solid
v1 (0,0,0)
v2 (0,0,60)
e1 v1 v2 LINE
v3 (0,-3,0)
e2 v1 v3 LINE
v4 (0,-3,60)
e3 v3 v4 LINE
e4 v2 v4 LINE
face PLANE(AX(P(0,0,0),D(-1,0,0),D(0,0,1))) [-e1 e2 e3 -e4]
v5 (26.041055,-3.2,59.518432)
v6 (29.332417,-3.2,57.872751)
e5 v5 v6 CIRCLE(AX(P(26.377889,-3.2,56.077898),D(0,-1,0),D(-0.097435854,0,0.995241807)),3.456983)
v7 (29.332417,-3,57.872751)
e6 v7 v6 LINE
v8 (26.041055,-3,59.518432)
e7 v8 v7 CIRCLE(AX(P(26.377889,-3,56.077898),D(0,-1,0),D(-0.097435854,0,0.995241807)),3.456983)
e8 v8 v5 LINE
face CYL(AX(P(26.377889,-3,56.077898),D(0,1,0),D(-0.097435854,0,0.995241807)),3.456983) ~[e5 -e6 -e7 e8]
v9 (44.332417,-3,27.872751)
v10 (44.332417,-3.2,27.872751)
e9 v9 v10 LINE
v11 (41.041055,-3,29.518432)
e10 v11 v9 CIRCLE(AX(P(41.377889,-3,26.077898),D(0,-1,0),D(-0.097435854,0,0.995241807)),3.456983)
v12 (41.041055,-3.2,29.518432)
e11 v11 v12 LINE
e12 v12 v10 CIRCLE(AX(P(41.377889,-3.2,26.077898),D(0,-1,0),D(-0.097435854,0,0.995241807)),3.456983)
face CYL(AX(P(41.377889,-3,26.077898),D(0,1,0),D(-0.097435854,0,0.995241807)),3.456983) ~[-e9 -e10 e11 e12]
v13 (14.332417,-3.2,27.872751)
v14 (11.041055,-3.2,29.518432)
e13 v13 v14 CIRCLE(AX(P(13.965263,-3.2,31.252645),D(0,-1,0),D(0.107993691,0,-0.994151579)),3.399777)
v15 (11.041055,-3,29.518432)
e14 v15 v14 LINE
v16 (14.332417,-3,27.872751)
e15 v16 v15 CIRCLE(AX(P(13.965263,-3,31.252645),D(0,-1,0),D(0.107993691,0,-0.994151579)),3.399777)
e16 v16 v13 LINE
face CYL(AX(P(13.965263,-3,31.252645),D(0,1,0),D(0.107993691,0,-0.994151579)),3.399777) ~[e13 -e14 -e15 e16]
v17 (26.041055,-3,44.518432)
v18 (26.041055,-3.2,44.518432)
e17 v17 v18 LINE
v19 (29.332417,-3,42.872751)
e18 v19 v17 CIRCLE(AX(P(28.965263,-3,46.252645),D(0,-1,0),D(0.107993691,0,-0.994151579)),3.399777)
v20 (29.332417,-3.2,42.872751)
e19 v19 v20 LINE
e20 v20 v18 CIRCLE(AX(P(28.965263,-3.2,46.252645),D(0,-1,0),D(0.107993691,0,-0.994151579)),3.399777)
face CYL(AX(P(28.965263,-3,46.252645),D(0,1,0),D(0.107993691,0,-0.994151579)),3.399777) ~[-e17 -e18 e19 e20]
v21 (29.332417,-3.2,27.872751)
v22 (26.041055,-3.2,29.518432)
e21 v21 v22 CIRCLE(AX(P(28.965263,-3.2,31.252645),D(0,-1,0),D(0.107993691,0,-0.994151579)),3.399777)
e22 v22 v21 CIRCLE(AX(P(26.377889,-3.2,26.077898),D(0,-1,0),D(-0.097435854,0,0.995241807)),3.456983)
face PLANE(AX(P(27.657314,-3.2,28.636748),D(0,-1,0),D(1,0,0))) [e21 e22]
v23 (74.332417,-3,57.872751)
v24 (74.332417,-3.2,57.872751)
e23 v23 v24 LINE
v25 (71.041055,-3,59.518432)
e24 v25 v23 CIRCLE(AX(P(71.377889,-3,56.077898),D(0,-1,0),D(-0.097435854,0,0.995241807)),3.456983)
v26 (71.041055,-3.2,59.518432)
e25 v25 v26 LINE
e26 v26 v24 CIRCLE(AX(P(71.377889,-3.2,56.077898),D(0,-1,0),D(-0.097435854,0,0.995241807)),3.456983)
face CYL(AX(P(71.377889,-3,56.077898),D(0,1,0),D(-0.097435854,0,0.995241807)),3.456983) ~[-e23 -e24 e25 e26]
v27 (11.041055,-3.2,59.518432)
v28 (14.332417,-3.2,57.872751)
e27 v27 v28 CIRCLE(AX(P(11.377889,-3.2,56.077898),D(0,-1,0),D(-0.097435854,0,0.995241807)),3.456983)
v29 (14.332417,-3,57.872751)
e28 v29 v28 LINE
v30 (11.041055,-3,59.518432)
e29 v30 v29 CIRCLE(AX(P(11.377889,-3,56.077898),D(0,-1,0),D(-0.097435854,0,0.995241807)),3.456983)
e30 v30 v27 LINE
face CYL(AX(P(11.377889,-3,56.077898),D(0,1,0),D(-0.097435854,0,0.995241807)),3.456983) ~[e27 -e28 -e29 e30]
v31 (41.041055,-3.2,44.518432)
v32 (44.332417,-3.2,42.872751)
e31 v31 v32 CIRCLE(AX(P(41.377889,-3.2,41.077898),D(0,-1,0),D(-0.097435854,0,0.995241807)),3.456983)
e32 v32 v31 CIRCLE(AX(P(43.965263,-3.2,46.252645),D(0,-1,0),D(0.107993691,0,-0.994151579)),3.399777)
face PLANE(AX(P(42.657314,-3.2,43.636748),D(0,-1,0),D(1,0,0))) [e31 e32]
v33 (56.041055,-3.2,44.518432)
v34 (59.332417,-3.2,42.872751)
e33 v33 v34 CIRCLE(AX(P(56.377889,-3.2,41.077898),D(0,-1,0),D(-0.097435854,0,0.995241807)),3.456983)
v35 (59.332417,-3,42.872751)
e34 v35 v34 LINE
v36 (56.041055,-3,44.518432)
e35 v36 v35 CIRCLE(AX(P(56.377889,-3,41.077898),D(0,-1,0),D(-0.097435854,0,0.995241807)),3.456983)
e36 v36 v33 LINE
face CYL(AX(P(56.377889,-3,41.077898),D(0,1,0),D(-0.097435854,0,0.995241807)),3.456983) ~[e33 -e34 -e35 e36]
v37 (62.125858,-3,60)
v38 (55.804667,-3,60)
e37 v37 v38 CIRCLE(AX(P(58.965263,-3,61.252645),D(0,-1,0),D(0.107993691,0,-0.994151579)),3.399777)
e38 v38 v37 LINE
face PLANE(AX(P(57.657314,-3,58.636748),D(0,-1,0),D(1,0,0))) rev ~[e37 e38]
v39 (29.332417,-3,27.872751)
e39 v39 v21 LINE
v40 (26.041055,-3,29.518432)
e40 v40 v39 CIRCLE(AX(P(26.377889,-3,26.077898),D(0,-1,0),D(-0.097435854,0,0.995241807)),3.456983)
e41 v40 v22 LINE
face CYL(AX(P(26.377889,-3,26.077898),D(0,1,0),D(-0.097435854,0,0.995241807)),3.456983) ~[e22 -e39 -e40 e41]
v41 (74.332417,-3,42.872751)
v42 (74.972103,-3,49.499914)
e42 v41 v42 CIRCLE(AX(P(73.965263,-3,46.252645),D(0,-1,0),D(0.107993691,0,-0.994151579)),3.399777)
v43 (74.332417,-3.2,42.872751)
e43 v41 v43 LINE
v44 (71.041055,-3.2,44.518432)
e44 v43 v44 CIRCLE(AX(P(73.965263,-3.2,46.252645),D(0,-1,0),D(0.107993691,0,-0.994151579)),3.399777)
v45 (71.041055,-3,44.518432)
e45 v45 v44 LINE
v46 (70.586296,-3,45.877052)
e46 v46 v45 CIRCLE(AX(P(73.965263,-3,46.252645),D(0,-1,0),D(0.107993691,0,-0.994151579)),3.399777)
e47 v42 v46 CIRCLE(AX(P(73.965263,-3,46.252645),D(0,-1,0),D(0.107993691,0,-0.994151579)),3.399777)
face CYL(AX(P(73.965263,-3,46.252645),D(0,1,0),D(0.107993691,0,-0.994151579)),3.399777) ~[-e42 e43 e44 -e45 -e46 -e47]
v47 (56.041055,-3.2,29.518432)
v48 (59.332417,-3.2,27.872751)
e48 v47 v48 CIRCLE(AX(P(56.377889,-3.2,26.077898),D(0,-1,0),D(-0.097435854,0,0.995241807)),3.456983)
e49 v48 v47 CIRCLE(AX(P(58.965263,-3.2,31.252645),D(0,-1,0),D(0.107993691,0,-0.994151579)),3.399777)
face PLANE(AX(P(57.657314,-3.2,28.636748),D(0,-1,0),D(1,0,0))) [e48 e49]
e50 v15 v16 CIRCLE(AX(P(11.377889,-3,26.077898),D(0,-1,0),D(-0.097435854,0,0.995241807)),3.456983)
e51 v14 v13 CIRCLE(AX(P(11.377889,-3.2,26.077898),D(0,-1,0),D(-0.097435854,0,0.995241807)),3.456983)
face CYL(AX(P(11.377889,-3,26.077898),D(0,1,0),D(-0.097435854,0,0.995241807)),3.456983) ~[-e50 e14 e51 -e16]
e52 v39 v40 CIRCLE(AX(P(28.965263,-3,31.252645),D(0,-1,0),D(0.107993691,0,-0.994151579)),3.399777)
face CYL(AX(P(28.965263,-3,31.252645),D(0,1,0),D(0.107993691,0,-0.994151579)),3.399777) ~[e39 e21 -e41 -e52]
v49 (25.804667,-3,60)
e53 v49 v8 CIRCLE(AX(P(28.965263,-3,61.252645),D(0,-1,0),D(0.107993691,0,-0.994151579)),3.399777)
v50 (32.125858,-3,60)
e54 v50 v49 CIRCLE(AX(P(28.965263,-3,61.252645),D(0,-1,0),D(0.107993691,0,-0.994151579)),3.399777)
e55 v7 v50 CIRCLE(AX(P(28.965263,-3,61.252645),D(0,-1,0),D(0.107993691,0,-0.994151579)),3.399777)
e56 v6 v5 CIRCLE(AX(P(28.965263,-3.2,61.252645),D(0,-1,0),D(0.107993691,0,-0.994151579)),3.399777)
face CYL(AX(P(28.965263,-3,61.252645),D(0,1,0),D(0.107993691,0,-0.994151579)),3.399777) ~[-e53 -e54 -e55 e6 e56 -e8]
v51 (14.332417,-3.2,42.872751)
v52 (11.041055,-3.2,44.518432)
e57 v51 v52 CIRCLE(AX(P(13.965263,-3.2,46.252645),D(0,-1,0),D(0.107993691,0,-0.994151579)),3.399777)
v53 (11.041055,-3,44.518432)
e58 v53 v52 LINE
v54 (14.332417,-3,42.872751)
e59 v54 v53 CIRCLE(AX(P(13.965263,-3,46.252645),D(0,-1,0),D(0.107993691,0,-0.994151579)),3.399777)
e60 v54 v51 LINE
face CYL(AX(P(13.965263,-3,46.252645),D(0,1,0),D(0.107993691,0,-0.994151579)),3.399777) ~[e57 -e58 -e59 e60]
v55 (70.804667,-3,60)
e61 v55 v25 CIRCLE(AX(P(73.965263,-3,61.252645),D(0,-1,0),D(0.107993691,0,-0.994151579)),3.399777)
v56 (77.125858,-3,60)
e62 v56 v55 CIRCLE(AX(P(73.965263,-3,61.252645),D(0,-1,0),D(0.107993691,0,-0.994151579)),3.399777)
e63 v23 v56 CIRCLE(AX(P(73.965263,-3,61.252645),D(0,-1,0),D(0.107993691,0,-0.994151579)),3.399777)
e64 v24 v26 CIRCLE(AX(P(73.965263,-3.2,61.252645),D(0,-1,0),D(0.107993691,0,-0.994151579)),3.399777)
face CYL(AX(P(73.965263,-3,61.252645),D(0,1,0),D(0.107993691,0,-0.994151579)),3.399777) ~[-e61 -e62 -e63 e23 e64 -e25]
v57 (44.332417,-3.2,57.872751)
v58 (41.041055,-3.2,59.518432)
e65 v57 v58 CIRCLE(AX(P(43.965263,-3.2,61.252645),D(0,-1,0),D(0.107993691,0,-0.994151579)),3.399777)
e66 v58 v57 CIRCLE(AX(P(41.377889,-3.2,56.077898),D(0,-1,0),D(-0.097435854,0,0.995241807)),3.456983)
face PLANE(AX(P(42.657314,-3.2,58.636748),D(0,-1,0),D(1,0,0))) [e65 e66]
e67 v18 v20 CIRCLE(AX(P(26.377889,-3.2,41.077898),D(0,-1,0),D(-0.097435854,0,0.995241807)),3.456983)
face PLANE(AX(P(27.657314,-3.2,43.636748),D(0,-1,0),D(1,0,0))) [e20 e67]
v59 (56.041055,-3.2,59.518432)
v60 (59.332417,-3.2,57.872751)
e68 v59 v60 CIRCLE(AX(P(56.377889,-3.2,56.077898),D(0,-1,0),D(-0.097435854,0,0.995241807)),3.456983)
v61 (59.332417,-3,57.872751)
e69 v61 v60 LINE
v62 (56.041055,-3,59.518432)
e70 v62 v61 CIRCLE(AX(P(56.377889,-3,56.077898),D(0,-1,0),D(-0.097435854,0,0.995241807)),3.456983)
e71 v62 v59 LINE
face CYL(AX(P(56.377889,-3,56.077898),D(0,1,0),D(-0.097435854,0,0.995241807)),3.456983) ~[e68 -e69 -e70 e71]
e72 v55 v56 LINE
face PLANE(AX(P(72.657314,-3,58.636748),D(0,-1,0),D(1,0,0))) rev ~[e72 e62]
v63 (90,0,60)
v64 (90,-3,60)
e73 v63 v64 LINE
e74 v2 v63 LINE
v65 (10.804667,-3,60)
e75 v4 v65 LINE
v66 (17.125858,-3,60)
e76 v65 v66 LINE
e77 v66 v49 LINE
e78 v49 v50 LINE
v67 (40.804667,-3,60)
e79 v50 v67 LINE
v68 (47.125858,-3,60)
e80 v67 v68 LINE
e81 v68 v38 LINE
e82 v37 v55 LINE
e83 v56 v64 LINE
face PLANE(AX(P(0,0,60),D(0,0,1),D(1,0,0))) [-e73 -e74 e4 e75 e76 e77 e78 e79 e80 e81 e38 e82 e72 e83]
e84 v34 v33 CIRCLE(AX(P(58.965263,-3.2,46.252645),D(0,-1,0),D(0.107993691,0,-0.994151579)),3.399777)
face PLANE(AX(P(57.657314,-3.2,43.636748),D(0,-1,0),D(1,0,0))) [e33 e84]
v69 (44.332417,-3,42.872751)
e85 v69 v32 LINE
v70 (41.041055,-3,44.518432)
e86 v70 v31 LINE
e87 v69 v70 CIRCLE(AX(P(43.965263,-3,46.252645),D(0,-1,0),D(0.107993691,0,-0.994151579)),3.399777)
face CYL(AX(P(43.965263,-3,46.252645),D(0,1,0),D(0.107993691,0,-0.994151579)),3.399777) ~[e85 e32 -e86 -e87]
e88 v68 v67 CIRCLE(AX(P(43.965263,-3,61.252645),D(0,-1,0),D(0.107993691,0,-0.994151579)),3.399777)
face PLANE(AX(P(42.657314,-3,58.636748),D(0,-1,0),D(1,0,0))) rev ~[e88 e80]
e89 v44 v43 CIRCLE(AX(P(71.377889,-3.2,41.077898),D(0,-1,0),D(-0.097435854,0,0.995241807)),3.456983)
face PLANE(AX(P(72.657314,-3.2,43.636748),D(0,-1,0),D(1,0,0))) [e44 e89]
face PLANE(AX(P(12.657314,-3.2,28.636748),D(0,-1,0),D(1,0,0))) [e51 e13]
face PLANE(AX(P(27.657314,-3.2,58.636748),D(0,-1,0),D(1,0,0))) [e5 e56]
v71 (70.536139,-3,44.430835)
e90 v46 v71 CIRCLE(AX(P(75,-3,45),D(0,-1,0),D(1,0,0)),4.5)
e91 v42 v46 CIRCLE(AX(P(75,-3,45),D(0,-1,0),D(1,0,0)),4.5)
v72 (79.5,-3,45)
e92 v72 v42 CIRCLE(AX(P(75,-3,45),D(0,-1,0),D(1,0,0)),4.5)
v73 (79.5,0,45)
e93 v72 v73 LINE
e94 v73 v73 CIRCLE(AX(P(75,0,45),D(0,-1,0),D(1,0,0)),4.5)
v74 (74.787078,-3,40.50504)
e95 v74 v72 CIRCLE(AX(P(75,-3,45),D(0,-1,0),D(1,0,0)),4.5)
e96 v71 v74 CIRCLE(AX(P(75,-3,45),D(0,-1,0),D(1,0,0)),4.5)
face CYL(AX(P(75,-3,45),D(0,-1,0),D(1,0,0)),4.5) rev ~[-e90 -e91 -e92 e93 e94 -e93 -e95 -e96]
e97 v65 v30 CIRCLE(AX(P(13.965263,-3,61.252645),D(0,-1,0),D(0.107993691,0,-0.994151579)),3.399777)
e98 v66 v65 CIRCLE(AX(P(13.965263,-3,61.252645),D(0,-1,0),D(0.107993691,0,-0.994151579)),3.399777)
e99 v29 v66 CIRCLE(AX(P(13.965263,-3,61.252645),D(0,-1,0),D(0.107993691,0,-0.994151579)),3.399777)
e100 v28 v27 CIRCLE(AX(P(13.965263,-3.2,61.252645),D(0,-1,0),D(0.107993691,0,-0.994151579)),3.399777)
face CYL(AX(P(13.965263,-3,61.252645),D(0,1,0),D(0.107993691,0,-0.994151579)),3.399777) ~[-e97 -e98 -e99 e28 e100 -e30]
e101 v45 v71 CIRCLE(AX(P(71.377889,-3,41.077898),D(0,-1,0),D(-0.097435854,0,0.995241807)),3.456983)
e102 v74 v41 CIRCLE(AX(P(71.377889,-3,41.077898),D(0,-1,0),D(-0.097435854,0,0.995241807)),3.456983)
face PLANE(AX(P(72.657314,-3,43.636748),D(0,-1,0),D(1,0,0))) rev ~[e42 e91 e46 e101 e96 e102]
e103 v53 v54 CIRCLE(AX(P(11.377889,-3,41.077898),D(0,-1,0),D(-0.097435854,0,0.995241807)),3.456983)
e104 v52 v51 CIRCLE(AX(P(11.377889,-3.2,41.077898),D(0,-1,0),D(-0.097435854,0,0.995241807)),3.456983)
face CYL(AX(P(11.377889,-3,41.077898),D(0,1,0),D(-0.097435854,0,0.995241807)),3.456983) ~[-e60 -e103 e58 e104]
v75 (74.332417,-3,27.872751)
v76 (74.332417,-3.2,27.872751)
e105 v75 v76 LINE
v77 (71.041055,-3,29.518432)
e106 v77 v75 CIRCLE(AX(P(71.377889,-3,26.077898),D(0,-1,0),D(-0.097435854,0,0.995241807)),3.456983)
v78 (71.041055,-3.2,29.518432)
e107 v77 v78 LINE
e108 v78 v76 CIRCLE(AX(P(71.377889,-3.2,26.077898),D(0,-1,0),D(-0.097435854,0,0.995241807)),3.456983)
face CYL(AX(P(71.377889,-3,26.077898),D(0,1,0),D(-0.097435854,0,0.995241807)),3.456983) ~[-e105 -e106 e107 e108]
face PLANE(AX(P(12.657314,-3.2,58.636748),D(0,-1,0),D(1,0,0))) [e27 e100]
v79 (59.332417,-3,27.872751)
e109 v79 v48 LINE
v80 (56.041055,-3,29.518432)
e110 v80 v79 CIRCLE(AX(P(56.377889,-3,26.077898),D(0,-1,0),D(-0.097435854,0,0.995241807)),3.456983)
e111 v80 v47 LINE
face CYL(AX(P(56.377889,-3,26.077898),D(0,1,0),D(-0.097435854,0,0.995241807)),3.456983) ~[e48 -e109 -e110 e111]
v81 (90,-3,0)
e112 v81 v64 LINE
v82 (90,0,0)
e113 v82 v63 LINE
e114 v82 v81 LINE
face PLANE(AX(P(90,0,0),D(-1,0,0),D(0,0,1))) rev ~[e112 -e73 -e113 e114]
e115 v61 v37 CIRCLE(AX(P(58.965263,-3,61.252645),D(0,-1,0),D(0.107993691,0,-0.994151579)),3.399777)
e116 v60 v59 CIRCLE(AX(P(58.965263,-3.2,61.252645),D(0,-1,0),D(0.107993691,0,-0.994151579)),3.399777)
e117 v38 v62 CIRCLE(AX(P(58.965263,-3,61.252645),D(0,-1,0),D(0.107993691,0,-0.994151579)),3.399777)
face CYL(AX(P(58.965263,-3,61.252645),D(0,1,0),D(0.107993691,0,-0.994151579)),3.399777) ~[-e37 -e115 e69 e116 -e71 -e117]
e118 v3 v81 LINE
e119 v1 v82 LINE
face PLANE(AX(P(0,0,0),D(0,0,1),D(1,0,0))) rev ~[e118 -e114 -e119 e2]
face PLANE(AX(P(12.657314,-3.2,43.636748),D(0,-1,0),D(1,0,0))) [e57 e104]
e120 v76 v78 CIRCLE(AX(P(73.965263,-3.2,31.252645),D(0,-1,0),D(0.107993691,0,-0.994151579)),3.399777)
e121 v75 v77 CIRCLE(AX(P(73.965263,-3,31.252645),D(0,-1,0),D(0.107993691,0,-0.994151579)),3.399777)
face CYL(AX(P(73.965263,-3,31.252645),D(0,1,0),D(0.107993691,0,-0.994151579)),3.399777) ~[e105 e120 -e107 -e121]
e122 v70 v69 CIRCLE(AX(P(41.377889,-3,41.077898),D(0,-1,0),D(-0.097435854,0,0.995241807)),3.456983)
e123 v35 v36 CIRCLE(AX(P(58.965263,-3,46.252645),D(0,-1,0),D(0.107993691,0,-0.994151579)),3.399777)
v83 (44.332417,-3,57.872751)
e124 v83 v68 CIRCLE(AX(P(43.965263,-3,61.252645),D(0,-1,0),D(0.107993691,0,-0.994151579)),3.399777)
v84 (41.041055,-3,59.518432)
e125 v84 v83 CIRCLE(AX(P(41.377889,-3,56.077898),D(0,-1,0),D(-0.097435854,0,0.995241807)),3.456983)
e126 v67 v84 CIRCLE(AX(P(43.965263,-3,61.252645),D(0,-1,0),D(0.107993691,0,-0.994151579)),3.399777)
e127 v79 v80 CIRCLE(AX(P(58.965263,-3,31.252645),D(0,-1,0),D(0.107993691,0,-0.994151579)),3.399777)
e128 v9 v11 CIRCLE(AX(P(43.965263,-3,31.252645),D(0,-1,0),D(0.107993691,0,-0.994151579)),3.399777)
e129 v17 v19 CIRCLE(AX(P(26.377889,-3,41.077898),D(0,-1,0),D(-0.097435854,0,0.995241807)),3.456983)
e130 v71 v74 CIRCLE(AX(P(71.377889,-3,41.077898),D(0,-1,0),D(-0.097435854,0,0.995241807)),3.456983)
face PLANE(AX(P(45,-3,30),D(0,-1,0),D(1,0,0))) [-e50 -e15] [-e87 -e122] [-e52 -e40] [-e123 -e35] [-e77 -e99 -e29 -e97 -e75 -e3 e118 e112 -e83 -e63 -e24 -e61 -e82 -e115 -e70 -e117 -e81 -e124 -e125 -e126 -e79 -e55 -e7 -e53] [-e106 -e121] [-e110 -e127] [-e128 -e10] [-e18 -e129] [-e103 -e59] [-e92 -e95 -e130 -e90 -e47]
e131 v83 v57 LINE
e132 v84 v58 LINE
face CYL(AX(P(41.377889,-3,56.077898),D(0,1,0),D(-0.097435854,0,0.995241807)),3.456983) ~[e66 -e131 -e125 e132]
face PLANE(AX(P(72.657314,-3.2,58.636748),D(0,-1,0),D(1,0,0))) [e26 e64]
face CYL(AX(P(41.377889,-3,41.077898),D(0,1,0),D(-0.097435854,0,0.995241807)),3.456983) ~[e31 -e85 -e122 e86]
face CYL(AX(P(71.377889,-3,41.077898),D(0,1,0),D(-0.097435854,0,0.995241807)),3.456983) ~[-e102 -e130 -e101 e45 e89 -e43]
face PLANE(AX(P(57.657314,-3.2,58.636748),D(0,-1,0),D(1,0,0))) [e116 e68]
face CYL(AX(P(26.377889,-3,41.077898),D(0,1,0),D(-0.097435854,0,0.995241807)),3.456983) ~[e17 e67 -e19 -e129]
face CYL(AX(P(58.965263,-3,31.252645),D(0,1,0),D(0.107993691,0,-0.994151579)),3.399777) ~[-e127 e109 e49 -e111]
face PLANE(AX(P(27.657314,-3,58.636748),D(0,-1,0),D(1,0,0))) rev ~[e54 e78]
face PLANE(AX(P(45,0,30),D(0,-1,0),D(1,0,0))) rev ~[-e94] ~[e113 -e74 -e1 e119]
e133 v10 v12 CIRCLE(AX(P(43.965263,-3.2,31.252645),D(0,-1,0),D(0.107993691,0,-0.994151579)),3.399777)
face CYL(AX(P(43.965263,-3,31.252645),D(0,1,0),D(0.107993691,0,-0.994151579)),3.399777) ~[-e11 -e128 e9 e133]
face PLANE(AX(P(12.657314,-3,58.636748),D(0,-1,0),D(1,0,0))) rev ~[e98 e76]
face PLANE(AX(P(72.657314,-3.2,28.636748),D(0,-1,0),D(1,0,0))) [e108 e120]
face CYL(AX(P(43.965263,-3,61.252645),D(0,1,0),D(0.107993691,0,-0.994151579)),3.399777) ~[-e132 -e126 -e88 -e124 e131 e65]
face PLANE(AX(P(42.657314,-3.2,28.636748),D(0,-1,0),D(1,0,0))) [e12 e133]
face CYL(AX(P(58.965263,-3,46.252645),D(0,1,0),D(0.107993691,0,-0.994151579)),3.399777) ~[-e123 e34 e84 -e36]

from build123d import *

# Parameters (mm, degrees)
F0_W     = 90
F0_H     = 60
F1_DEPTH = 3
F2_R     = 4.5
F3_DEPTH = 25
F5_DEPTH = 0.2


with BuildPart() as f1:
    # F0 (on Front) → F1 (new body)
    with BuildSketch(Plane.XZ):
        with Locations((45, 30)):
            Rectangle(F0_W, F0_H)
    extrude(amount=F1_DEPTH)

    # F2 (on face) → F3 (cut)
    with BuildSketch(Plane.XZ.offset(3)):
        with Locations((75, 45)):
            Circle(F2_R)
    extrude(amount=-F3_DEPTH, mode=Mode.SUBTRACT)

    # F4 (on face) → F5 (join)
    with BuildSketch(Plane.XZ.offset(3)):
        with BuildLine():
            ThreePointArc((14.332417, 27.872751), (15.485688, 34.293498), (11.041055, 29.518432))
            ThreePointArc((11.041055, 29.518432), (9.831879, 22.985878), (14.332417, 27.872751))
        make_face()
        with BuildLine():
            ThreePointArc((11.041055, 44.518432), (9.831879, 37.985878), (14.332417, 42.872751))
            ThreePointArc((14.332417, 42.872751), (15.485688, 49.293498), (11.041055, 44.518432))
        make_face()
        with BuildLine():
            ThreePointArc((11.041055, 59.518432), (9.831879, 52.985878), (14.332417, 57.872751))
            ThreePointArc((14.332417, 57.872751), (15.485688, 64.293498), (11.041055, 59.518432))
        make_face()
        with BuildLine():
            ThreePointArc((26.041055, 29.518432), (24.831879, 22.985878), (29.332417, 27.872751))
            ThreePointArc((29.332417, 27.872751), (30.485688, 34.293498), (26.041055, 29.518432))
        make_face()
        with BuildLine():
            ThreePointArc((26.041055, 44.518432), (24.831879, 37.985878), (29.332417, 42.872751))
            ThreePointArc((29.332417, 42.872751), (30.485688, 49.293498), (26.041055, 44.518432))
        make_face()
        with BuildLine():
            ThreePointArc((26.041055, 59.518432), (24.831879, 52.985878), (29.332417, 57.872751))
            ThreePointArc((29.332417, 57.872751), (30.485688, 64.293498), (26.041055, 59.518432))
        make_face()
        with BuildLine():
            ThreePointArc((41.041055, 29.518432), (39.831879, 22.985878), (44.332417, 27.872751))
            ThreePointArc((44.332417, 27.872751), (45.485688, 34.293498), (41.041055, 29.518432))
        make_face()
        with BuildLine():
            ThreePointArc((41.041055, 44.518432), (39.831879, 37.985878), (44.332417, 42.872751))
            ThreePointArc((44.332417, 42.872751), (45.485688, 49.293498), (41.041055, 44.518432))
        make_face()
        with BuildLine():
            ThreePointArc((41.041055, 59.518432), (39.831879, 52.985878), (44.332417, 57.872751))
            ThreePointArc((44.332417, 57.872751), (45.485688, 64.293498), (41.041055, 59.518432))
        make_face()
        with BuildLine():
            ThreePointArc((56.041055, 29.518432), (54.831879, 22.985878), (59.332417, 27.872751))
            ThreePointArc((59.332417, 27.872751), (60.485688, 34.293498), (56.041055, 29.518432))
        make_face()
        with BuildLine():
            ThreePointArc((56.041055, 44.518432), (54.831879, 37.985878), (59.332417, 42.872751))
            ThreePointArc((59.332417, 42.872751), (60.485688, 49.293498), (56.041055, 44.518432))
        make_face()
        with BuildLine():
            ThreePointArc((56.041055, 59.518432), (54.831879, 52.985878), (59.332417, 57.872751))
            ThreePointArc((59.332417, 57.872751), (60.485688, 64.293498), (56.041055, 59.518432))
        make_face()
        with BuildLine():
            ThreePointArc((71.041055, 29.518432), (69.831879, 22.985878), (74.332417, 27.872751))
            ThreePointArc((74.332417, 27.872751), (75.485688, 34.293498), (71.041055, 29.518432))
        make_face()
        with BuildLine():
            ThreePointArc((71.041055, 44.518432), (69.831879, 37.985878), (74.332417, 42.872751))
            ThreePointArc((74.332417, 42.872751), (75.485688, 49.293498), (71.041055, 44.518432))
        make_face()
        with BuildLine():
            ThreePointArc((71.041055, 59.518432), (69.831879, 52.985878), (74.332417, 57.872751))
            ThreePointArc((74.332417, 57.872751), (75.485688, 64.293498), (71.041055, 59.518432))
        make_face()
    extrude(amount=F5_DEPTH)


solid = f1.part
